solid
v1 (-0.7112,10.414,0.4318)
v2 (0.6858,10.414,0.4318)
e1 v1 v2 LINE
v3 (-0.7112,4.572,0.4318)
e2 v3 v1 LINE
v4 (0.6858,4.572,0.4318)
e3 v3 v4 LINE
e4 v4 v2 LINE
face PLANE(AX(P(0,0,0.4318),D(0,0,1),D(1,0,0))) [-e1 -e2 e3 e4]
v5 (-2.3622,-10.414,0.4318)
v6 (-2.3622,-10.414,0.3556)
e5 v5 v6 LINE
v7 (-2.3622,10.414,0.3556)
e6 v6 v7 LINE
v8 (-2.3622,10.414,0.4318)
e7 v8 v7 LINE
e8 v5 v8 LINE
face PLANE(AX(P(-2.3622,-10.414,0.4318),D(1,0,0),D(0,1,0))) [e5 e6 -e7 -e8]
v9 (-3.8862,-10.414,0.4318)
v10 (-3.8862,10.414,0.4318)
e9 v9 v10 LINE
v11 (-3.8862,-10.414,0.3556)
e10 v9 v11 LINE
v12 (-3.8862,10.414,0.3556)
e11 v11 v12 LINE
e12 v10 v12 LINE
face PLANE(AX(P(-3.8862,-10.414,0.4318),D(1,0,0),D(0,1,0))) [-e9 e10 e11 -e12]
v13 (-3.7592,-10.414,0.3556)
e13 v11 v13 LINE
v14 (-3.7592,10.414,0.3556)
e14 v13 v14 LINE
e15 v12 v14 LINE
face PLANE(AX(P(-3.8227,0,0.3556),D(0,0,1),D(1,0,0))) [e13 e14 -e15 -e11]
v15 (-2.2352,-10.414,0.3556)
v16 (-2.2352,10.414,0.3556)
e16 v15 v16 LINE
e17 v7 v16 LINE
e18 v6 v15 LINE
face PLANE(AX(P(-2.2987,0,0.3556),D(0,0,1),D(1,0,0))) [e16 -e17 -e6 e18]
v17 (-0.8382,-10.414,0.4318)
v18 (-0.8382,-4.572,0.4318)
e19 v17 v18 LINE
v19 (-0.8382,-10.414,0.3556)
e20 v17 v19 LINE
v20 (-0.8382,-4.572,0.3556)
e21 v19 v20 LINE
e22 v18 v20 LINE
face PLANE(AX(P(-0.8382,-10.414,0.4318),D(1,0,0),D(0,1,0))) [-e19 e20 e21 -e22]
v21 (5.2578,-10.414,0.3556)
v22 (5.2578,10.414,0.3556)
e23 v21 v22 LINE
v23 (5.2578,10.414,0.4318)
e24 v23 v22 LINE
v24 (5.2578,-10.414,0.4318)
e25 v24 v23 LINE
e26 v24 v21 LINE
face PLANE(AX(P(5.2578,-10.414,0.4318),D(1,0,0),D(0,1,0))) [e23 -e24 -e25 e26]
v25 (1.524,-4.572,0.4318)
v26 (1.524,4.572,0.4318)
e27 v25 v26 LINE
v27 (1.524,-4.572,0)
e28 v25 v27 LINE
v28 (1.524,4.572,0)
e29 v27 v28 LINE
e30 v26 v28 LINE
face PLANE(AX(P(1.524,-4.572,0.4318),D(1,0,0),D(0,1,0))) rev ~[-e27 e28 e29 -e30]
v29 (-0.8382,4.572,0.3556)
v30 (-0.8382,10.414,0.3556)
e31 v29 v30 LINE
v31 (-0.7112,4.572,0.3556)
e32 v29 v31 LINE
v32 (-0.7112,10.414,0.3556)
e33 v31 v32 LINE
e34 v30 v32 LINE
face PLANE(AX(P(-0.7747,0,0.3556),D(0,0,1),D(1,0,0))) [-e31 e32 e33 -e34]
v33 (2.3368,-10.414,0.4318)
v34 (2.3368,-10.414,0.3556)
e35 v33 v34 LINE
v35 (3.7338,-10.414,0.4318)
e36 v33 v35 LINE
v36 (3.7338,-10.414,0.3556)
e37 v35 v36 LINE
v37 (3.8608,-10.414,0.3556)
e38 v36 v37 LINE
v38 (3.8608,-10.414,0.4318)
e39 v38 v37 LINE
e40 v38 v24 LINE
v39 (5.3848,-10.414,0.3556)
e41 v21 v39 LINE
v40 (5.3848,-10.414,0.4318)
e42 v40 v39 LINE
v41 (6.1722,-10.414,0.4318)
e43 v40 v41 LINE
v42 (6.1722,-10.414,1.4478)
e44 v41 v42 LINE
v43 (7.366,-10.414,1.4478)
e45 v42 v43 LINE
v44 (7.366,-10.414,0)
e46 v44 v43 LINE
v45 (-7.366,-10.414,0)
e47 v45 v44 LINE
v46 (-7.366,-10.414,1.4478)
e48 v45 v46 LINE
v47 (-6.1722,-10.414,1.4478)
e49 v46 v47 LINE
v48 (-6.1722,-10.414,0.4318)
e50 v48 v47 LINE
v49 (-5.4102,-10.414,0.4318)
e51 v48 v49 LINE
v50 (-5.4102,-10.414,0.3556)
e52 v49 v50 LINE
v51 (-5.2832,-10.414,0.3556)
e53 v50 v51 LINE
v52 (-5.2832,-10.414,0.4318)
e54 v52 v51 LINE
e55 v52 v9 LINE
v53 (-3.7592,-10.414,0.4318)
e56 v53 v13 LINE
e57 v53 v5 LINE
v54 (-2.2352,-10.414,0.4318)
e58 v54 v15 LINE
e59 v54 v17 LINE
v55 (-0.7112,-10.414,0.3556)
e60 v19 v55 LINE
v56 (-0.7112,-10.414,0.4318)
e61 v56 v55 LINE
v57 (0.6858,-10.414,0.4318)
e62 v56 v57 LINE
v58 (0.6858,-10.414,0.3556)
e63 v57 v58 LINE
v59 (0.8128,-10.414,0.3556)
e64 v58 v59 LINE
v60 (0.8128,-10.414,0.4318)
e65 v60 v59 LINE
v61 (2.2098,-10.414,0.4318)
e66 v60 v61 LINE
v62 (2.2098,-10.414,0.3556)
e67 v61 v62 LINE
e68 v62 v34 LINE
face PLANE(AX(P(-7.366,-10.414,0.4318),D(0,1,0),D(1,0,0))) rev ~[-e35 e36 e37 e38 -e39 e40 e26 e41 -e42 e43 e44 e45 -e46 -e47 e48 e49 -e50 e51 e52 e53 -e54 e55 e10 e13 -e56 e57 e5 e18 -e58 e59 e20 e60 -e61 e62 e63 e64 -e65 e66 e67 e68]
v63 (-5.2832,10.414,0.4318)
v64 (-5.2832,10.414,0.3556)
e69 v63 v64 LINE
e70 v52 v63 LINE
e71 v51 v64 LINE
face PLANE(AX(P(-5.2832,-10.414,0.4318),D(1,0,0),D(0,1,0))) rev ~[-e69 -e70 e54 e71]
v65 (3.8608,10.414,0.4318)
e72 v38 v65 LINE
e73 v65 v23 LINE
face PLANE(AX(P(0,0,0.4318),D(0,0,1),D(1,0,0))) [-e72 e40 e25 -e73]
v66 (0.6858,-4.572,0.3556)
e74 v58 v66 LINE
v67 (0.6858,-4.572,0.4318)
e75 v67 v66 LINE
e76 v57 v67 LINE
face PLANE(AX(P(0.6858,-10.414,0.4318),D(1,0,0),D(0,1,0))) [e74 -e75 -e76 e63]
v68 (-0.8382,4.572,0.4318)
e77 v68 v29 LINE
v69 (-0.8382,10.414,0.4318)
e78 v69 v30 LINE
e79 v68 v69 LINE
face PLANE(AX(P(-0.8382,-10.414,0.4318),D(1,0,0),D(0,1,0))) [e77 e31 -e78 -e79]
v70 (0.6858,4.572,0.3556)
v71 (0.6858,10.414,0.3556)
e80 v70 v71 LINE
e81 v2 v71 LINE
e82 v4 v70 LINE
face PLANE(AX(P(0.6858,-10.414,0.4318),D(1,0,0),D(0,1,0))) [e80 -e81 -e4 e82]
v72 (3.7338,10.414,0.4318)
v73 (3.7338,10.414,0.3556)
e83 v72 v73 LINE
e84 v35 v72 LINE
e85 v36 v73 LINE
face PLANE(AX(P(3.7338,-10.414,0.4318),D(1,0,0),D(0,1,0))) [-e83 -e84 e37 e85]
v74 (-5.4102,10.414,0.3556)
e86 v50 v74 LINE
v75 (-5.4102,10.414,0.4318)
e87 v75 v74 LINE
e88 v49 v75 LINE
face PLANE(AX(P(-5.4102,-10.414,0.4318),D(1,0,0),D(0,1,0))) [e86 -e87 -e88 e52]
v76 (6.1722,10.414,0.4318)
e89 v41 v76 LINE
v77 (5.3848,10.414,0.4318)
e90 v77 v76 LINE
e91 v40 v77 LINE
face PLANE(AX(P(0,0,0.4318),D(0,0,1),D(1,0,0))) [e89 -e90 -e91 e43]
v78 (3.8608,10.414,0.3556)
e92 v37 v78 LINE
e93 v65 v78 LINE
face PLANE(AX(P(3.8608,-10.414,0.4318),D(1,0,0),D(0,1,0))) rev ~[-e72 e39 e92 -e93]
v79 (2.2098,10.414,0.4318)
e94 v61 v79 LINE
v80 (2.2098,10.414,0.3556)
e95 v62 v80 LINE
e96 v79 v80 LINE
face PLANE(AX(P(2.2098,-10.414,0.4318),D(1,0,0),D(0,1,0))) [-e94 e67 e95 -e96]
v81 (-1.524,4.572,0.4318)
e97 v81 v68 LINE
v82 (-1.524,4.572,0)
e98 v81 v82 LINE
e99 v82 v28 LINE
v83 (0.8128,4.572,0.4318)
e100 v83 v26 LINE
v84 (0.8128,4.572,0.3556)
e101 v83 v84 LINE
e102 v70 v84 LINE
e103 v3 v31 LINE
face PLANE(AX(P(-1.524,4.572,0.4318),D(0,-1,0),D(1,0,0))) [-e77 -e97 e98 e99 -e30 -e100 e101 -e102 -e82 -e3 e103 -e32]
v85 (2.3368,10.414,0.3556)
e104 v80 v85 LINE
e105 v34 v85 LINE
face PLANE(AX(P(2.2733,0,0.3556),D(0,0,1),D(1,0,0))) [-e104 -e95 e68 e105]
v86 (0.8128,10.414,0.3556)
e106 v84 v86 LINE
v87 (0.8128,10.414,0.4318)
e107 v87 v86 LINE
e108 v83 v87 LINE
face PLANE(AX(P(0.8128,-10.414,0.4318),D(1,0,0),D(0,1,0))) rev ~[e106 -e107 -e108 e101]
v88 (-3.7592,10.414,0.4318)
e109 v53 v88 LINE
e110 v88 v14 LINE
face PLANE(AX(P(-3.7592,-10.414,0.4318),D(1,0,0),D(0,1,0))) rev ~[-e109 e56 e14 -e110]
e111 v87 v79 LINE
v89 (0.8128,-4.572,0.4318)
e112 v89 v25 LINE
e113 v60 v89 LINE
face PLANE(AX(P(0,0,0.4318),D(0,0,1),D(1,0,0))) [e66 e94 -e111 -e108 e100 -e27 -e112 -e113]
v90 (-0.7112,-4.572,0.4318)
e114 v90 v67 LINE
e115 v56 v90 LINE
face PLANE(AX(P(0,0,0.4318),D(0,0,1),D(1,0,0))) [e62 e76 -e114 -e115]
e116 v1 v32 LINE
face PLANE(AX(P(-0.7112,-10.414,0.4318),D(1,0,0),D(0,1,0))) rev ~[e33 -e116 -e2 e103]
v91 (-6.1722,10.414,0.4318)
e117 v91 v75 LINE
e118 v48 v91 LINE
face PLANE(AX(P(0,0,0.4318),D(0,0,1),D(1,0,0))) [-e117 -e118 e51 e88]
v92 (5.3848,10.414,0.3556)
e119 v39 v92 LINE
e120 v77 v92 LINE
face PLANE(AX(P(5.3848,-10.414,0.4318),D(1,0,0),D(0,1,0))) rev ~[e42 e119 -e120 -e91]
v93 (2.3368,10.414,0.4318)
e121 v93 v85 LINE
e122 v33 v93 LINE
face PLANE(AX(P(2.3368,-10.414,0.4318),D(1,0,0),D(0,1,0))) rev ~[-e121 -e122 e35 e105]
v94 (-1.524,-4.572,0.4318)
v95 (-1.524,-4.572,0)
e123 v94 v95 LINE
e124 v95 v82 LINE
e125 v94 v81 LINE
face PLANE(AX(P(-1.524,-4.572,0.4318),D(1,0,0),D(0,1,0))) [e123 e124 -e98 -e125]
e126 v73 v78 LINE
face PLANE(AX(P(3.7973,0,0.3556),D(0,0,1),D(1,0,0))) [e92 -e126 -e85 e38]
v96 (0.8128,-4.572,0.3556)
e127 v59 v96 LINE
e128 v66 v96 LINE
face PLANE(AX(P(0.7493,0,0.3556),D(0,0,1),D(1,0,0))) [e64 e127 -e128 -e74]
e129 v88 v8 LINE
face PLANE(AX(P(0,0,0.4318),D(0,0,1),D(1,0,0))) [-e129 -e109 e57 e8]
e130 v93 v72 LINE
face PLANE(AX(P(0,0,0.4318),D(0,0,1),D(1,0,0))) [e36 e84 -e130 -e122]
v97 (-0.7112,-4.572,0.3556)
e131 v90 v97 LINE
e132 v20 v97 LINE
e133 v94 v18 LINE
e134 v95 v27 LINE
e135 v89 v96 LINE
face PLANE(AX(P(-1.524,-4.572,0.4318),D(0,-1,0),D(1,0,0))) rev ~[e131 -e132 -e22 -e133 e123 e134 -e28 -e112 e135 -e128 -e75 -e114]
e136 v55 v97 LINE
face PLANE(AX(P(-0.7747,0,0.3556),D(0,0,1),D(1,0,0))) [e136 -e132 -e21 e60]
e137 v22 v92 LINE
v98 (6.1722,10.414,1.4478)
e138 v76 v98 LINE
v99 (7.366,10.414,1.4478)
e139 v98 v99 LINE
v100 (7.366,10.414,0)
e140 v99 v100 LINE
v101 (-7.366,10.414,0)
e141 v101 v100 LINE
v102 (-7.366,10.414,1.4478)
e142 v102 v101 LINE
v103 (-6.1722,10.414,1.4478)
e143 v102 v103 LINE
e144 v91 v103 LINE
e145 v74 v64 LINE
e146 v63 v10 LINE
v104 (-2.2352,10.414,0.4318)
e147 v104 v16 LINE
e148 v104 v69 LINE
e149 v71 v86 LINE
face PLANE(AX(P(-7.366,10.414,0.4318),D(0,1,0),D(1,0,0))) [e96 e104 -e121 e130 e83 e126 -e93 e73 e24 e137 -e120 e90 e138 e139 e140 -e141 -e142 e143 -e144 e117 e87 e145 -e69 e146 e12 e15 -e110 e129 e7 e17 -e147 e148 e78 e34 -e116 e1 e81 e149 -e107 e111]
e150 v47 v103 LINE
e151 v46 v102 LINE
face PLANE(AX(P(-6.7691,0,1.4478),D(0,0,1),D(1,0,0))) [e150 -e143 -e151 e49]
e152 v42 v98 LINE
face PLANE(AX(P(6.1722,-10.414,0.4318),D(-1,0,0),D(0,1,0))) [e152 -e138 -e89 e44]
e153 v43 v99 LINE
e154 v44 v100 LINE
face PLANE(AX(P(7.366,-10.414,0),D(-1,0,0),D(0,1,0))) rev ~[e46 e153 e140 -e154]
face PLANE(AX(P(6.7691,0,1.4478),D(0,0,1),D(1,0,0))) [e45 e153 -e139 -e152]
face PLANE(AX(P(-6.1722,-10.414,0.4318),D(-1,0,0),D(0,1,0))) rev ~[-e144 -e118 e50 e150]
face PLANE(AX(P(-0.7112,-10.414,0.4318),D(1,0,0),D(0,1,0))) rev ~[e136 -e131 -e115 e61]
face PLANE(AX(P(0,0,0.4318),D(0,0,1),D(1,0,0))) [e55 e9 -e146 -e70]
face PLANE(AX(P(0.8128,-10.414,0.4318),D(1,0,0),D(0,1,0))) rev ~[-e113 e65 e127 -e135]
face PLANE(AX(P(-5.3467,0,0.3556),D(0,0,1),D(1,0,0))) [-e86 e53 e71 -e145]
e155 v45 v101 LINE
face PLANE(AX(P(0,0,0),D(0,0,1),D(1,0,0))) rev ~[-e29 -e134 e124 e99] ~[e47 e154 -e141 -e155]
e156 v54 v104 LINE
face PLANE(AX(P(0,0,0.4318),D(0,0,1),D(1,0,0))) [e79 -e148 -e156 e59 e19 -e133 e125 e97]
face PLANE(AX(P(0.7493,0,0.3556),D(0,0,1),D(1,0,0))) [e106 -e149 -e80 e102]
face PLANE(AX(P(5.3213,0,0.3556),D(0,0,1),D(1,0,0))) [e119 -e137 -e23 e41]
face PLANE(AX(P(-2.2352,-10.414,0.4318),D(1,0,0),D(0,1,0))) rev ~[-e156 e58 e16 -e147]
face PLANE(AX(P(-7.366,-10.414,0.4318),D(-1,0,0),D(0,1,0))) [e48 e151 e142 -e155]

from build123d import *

# Parameters (mm, degrees)
F0_W     = 14.732
F0_H     = 20.828
F1_DEPTH = 0.4318
F2_W     = 0.127
F2_H     = 20.828
F3_DEPTH = 0.0762
F4_W     = 3.048
F4_H     = 9.144
F5_DEPTH = 25.4
F6_W     = 1.1938
F6_H     = 20.828
F7_DEPTH = 1.016


with BuildPart() as f1:
    # F0 (on Top) → F1 (new body)
    with BuildSketch(Plane.XY):
        Rectangle(F0_W, F0_H)
    extrude(amount=F1_DEPTH)

    # F2 (on face) → F3 (cut)
    with BuildSketch(Plane.XY.offset(0.4318)):
        with Locations((-5.3467, 0)):
            Rectangle(F2_W, F2_H)
        with Locations((-3.8227, 0)):
            Rectangle(F2_W, F2_H)
        with Locations((-2.2987, 0)):
            Rectangle(F2_W, F2_H)
        with Locations((-0.7747, 0)):
            Rectangle(F2_W, F2_H)
        with Locations((0.7493, 0)):
            Rectangle(F2_W, F2_H)
        with Locations((2.2733, 0)):
            Rectangle(F2_W, F2_H)
        with Locations((3.7973, 0)):
            Rectangle(F2_W, F2_H)
        with Locations((5.3213, 0)):
            Rectangle(F2_W, F2_H)
    extrude(amount=-F3_DEPTH, mode=Mode.SUBTRACT)

    # F4 (on face) → F5 (cut)
    with BuildSketch(Plane.XY.offset(0.4318)):
        Rectangle(F4_W, F4_H)
    extrude(amount=-F5_DEPTH, mode=Mode.SUBTRACT)

    # F6 (on face) → F7 (join)
    with BuildSketch(Plane.XY.offset(0.4318)):
        with Locations((-6.7691, 0)):
            Rectangle(F6_W, F6_H)
        with Locations((6.7691, 0)):
            Rectangle(F6_W, F6_H)
    extrude(amount=F7_DEPTH)


solid = f1.part
